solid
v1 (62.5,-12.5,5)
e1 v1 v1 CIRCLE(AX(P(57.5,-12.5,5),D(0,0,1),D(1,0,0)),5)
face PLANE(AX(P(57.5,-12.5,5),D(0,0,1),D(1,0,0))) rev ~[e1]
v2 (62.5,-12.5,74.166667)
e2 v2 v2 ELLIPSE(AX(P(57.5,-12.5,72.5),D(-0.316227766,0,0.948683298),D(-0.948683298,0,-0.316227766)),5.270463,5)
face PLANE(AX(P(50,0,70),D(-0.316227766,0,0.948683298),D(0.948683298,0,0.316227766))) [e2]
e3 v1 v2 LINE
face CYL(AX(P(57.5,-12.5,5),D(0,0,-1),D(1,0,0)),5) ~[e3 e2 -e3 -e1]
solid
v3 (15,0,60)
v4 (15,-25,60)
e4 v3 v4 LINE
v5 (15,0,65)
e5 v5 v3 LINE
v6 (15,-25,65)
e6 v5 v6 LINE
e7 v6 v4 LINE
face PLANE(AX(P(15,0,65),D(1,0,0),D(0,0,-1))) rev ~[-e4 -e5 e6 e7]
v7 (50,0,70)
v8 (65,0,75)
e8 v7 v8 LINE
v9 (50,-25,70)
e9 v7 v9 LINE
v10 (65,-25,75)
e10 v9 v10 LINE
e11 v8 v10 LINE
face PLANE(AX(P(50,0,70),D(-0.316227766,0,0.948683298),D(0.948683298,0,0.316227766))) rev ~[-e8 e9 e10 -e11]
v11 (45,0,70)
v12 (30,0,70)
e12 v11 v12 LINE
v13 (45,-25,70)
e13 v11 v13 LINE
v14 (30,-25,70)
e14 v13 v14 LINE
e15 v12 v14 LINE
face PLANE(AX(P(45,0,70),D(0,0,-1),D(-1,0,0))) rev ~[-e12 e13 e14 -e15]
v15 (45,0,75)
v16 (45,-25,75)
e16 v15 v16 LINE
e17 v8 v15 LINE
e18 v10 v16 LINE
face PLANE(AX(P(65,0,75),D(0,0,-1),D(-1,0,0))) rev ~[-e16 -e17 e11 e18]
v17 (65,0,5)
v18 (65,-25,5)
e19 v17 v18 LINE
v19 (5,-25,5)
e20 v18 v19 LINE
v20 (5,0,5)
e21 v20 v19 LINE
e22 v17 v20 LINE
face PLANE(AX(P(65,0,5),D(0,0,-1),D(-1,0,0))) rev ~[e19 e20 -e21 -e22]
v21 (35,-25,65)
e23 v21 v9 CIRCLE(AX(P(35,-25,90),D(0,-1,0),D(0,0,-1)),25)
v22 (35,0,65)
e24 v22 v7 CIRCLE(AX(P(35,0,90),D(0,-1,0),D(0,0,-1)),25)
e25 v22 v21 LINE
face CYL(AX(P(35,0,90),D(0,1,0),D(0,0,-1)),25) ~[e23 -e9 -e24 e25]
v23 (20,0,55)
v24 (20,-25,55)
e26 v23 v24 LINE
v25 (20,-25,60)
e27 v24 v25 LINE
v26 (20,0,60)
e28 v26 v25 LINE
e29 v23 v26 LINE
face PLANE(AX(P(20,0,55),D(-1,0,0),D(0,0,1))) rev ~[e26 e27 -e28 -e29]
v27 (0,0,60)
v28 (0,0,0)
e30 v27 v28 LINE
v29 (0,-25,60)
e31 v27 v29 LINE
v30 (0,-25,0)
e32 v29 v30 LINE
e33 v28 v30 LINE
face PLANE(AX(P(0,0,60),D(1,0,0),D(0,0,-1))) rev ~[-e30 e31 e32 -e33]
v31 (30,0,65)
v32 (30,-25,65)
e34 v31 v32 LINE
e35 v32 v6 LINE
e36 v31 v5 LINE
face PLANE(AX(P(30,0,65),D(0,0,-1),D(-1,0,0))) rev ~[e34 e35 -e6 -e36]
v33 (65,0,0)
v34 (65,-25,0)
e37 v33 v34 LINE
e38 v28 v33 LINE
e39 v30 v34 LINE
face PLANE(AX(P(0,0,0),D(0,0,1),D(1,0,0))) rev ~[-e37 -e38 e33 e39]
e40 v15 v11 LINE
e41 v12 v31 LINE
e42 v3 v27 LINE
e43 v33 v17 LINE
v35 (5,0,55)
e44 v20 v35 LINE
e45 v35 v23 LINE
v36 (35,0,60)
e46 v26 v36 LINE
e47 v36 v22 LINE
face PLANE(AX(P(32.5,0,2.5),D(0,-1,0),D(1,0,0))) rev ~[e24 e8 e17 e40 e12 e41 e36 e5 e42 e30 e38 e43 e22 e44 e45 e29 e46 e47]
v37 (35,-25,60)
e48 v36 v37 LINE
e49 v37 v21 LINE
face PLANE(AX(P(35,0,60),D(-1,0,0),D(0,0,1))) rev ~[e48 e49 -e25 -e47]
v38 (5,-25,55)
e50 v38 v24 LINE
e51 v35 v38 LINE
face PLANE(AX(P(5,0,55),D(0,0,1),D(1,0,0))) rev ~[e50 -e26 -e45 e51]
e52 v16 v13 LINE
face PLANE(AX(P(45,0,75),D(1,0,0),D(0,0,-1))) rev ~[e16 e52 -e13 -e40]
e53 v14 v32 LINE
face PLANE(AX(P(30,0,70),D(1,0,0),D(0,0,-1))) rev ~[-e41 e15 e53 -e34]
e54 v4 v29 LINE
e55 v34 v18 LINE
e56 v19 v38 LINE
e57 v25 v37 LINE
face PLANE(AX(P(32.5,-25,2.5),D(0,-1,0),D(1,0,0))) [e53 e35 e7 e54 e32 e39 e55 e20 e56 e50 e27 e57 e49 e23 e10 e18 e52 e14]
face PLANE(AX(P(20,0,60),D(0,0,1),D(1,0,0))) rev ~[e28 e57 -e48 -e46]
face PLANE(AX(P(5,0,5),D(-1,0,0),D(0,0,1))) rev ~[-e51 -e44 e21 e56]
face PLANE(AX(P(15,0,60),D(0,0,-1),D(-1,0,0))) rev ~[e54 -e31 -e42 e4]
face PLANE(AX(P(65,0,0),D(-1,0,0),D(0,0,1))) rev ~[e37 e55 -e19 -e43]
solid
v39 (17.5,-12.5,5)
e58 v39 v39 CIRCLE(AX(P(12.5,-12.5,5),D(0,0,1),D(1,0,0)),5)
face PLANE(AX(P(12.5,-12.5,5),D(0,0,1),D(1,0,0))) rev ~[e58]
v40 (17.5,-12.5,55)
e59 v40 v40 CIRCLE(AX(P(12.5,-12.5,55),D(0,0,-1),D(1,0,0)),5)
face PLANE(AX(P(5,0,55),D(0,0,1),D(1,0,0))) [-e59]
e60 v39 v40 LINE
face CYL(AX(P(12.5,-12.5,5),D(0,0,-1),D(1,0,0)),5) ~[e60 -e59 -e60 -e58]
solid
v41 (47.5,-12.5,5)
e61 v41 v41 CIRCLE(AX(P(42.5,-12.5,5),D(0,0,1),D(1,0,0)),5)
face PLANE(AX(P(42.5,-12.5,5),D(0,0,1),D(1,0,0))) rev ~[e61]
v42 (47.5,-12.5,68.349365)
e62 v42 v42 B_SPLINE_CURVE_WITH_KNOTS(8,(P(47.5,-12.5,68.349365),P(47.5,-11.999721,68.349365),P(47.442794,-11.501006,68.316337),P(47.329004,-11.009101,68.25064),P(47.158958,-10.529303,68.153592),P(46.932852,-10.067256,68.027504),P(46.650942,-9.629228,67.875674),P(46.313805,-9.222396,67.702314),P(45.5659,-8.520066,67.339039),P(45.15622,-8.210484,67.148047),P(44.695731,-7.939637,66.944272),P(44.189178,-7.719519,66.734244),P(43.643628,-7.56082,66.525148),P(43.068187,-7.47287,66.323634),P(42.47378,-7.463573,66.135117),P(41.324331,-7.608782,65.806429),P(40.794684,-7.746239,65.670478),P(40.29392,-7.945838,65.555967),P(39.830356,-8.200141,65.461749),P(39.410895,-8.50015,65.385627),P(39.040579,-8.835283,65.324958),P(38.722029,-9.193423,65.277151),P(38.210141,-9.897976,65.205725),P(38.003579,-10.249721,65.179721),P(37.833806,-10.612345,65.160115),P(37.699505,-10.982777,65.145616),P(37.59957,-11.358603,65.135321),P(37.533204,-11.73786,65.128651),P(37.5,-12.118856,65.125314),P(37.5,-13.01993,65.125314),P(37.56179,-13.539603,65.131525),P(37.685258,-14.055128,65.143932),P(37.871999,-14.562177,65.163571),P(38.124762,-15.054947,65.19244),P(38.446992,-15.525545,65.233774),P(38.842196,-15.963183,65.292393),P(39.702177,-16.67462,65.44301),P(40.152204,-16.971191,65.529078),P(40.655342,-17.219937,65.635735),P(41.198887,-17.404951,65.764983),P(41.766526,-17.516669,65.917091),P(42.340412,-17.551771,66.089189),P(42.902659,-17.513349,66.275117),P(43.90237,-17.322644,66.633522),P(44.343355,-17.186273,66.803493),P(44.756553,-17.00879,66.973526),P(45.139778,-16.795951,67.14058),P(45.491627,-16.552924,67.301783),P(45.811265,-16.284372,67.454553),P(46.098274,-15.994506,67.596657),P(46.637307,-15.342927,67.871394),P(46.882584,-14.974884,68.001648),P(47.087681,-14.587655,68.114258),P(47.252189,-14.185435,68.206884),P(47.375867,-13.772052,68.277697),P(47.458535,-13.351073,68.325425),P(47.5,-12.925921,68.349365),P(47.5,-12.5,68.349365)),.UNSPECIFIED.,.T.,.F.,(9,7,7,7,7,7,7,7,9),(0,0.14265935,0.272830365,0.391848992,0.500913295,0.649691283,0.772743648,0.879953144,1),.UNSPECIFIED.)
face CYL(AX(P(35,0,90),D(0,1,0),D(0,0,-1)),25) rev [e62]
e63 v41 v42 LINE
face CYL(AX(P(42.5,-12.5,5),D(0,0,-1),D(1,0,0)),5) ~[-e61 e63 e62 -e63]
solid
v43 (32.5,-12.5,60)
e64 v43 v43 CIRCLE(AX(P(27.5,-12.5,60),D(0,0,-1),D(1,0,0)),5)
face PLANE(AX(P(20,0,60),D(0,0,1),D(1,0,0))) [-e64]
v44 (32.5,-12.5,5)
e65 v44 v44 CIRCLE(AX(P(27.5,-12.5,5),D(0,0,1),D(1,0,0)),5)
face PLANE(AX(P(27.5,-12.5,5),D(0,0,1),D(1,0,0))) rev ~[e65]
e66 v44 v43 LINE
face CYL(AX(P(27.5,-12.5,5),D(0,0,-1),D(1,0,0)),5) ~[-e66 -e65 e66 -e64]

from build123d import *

# Parameters (mm, degrees)
F0_W     = 5
F0_H     = 50
F1_DEPTH = 25
F2_R     = 5


with BuildPart() as f1:
    # F0 (on Front) → F1 (new body)
    with BuildSketch(Plane.XZ):
        Polygon((0, 5), (0, 0), (65, 0), (65, 5), (5, 5), align=None)
        with Locations((2.5, 30)):
            Rectangle(F0_W, F0_H)
        with BuildLine():
            Line((0, 60), (0, 55))
            Line((0, 55), (5, 55))
            Line((5, 55), (20, 55))
            Line((20, 55), (20, 60))
            Line((20, 60), (35, 60))
            Line((35, 60), (35, 65))
            ThreePointArc((35, 65), (42.9056941504, 66.2829175487), (50, 70))
            Line((50, 70), (65, 75))
            Line((65, 75), (45, 75))
            Line((45, 75), (45, 70))
            Line((45, 70), (30, 70))
            Line((30, 70), (30, 65))
            Line((30, 65), (15, 65))
            Line((15, 65), (15, 60))
            Line((15, 60), (0, 60))
        make_face()
    extrude(amount=F1_DEPTH)


with BuildPart() as f3:
    # F2 (on face) → F3 (new body, up to the next surface of F1)
    with BuildSketch(Plane.XY.offset(5)):
        with Locations((12.5, -12.5)):
            Circle(F2_R)
    extrude(until=Until.NEXT, target=f1.part)


with BuildPart() as f3b:
    # F2 (on face) → F3, piece 2 (new body, up to the next surface of F1)
    with BuildSketch(Plane.XY.offset(5)):
        with Locations((27.5, -12.5)):
            Circle(F2_R)
    extrude(until=Until.NEXT, target=f1.part)


with BuildPart() as f3c:
    # F2 (on face) → F3, piece 3 (new body, up to the next surface of F1)
    with BuildSketch(Plane.XY.offset(5)):
        with Locations((42.5, -12.5)):
            Circle(F2_R)
    extrude(until=Until.NEXT, target=f1.part)


with BuildPart() as f3d:
    # F2 (on face) → F3, piece 4 (new body, up to the next surface of F1)
    with BuildSketch(Plane.XY.offset(5)):
        with Locations((57.5, -12.5)):
            Circle(F2_R)
    extrude(until=Until.NEXT, target=f1.part)


solid = Compound([f1.part, f3.part, f3b.part, f3c.part, f3d.part])
